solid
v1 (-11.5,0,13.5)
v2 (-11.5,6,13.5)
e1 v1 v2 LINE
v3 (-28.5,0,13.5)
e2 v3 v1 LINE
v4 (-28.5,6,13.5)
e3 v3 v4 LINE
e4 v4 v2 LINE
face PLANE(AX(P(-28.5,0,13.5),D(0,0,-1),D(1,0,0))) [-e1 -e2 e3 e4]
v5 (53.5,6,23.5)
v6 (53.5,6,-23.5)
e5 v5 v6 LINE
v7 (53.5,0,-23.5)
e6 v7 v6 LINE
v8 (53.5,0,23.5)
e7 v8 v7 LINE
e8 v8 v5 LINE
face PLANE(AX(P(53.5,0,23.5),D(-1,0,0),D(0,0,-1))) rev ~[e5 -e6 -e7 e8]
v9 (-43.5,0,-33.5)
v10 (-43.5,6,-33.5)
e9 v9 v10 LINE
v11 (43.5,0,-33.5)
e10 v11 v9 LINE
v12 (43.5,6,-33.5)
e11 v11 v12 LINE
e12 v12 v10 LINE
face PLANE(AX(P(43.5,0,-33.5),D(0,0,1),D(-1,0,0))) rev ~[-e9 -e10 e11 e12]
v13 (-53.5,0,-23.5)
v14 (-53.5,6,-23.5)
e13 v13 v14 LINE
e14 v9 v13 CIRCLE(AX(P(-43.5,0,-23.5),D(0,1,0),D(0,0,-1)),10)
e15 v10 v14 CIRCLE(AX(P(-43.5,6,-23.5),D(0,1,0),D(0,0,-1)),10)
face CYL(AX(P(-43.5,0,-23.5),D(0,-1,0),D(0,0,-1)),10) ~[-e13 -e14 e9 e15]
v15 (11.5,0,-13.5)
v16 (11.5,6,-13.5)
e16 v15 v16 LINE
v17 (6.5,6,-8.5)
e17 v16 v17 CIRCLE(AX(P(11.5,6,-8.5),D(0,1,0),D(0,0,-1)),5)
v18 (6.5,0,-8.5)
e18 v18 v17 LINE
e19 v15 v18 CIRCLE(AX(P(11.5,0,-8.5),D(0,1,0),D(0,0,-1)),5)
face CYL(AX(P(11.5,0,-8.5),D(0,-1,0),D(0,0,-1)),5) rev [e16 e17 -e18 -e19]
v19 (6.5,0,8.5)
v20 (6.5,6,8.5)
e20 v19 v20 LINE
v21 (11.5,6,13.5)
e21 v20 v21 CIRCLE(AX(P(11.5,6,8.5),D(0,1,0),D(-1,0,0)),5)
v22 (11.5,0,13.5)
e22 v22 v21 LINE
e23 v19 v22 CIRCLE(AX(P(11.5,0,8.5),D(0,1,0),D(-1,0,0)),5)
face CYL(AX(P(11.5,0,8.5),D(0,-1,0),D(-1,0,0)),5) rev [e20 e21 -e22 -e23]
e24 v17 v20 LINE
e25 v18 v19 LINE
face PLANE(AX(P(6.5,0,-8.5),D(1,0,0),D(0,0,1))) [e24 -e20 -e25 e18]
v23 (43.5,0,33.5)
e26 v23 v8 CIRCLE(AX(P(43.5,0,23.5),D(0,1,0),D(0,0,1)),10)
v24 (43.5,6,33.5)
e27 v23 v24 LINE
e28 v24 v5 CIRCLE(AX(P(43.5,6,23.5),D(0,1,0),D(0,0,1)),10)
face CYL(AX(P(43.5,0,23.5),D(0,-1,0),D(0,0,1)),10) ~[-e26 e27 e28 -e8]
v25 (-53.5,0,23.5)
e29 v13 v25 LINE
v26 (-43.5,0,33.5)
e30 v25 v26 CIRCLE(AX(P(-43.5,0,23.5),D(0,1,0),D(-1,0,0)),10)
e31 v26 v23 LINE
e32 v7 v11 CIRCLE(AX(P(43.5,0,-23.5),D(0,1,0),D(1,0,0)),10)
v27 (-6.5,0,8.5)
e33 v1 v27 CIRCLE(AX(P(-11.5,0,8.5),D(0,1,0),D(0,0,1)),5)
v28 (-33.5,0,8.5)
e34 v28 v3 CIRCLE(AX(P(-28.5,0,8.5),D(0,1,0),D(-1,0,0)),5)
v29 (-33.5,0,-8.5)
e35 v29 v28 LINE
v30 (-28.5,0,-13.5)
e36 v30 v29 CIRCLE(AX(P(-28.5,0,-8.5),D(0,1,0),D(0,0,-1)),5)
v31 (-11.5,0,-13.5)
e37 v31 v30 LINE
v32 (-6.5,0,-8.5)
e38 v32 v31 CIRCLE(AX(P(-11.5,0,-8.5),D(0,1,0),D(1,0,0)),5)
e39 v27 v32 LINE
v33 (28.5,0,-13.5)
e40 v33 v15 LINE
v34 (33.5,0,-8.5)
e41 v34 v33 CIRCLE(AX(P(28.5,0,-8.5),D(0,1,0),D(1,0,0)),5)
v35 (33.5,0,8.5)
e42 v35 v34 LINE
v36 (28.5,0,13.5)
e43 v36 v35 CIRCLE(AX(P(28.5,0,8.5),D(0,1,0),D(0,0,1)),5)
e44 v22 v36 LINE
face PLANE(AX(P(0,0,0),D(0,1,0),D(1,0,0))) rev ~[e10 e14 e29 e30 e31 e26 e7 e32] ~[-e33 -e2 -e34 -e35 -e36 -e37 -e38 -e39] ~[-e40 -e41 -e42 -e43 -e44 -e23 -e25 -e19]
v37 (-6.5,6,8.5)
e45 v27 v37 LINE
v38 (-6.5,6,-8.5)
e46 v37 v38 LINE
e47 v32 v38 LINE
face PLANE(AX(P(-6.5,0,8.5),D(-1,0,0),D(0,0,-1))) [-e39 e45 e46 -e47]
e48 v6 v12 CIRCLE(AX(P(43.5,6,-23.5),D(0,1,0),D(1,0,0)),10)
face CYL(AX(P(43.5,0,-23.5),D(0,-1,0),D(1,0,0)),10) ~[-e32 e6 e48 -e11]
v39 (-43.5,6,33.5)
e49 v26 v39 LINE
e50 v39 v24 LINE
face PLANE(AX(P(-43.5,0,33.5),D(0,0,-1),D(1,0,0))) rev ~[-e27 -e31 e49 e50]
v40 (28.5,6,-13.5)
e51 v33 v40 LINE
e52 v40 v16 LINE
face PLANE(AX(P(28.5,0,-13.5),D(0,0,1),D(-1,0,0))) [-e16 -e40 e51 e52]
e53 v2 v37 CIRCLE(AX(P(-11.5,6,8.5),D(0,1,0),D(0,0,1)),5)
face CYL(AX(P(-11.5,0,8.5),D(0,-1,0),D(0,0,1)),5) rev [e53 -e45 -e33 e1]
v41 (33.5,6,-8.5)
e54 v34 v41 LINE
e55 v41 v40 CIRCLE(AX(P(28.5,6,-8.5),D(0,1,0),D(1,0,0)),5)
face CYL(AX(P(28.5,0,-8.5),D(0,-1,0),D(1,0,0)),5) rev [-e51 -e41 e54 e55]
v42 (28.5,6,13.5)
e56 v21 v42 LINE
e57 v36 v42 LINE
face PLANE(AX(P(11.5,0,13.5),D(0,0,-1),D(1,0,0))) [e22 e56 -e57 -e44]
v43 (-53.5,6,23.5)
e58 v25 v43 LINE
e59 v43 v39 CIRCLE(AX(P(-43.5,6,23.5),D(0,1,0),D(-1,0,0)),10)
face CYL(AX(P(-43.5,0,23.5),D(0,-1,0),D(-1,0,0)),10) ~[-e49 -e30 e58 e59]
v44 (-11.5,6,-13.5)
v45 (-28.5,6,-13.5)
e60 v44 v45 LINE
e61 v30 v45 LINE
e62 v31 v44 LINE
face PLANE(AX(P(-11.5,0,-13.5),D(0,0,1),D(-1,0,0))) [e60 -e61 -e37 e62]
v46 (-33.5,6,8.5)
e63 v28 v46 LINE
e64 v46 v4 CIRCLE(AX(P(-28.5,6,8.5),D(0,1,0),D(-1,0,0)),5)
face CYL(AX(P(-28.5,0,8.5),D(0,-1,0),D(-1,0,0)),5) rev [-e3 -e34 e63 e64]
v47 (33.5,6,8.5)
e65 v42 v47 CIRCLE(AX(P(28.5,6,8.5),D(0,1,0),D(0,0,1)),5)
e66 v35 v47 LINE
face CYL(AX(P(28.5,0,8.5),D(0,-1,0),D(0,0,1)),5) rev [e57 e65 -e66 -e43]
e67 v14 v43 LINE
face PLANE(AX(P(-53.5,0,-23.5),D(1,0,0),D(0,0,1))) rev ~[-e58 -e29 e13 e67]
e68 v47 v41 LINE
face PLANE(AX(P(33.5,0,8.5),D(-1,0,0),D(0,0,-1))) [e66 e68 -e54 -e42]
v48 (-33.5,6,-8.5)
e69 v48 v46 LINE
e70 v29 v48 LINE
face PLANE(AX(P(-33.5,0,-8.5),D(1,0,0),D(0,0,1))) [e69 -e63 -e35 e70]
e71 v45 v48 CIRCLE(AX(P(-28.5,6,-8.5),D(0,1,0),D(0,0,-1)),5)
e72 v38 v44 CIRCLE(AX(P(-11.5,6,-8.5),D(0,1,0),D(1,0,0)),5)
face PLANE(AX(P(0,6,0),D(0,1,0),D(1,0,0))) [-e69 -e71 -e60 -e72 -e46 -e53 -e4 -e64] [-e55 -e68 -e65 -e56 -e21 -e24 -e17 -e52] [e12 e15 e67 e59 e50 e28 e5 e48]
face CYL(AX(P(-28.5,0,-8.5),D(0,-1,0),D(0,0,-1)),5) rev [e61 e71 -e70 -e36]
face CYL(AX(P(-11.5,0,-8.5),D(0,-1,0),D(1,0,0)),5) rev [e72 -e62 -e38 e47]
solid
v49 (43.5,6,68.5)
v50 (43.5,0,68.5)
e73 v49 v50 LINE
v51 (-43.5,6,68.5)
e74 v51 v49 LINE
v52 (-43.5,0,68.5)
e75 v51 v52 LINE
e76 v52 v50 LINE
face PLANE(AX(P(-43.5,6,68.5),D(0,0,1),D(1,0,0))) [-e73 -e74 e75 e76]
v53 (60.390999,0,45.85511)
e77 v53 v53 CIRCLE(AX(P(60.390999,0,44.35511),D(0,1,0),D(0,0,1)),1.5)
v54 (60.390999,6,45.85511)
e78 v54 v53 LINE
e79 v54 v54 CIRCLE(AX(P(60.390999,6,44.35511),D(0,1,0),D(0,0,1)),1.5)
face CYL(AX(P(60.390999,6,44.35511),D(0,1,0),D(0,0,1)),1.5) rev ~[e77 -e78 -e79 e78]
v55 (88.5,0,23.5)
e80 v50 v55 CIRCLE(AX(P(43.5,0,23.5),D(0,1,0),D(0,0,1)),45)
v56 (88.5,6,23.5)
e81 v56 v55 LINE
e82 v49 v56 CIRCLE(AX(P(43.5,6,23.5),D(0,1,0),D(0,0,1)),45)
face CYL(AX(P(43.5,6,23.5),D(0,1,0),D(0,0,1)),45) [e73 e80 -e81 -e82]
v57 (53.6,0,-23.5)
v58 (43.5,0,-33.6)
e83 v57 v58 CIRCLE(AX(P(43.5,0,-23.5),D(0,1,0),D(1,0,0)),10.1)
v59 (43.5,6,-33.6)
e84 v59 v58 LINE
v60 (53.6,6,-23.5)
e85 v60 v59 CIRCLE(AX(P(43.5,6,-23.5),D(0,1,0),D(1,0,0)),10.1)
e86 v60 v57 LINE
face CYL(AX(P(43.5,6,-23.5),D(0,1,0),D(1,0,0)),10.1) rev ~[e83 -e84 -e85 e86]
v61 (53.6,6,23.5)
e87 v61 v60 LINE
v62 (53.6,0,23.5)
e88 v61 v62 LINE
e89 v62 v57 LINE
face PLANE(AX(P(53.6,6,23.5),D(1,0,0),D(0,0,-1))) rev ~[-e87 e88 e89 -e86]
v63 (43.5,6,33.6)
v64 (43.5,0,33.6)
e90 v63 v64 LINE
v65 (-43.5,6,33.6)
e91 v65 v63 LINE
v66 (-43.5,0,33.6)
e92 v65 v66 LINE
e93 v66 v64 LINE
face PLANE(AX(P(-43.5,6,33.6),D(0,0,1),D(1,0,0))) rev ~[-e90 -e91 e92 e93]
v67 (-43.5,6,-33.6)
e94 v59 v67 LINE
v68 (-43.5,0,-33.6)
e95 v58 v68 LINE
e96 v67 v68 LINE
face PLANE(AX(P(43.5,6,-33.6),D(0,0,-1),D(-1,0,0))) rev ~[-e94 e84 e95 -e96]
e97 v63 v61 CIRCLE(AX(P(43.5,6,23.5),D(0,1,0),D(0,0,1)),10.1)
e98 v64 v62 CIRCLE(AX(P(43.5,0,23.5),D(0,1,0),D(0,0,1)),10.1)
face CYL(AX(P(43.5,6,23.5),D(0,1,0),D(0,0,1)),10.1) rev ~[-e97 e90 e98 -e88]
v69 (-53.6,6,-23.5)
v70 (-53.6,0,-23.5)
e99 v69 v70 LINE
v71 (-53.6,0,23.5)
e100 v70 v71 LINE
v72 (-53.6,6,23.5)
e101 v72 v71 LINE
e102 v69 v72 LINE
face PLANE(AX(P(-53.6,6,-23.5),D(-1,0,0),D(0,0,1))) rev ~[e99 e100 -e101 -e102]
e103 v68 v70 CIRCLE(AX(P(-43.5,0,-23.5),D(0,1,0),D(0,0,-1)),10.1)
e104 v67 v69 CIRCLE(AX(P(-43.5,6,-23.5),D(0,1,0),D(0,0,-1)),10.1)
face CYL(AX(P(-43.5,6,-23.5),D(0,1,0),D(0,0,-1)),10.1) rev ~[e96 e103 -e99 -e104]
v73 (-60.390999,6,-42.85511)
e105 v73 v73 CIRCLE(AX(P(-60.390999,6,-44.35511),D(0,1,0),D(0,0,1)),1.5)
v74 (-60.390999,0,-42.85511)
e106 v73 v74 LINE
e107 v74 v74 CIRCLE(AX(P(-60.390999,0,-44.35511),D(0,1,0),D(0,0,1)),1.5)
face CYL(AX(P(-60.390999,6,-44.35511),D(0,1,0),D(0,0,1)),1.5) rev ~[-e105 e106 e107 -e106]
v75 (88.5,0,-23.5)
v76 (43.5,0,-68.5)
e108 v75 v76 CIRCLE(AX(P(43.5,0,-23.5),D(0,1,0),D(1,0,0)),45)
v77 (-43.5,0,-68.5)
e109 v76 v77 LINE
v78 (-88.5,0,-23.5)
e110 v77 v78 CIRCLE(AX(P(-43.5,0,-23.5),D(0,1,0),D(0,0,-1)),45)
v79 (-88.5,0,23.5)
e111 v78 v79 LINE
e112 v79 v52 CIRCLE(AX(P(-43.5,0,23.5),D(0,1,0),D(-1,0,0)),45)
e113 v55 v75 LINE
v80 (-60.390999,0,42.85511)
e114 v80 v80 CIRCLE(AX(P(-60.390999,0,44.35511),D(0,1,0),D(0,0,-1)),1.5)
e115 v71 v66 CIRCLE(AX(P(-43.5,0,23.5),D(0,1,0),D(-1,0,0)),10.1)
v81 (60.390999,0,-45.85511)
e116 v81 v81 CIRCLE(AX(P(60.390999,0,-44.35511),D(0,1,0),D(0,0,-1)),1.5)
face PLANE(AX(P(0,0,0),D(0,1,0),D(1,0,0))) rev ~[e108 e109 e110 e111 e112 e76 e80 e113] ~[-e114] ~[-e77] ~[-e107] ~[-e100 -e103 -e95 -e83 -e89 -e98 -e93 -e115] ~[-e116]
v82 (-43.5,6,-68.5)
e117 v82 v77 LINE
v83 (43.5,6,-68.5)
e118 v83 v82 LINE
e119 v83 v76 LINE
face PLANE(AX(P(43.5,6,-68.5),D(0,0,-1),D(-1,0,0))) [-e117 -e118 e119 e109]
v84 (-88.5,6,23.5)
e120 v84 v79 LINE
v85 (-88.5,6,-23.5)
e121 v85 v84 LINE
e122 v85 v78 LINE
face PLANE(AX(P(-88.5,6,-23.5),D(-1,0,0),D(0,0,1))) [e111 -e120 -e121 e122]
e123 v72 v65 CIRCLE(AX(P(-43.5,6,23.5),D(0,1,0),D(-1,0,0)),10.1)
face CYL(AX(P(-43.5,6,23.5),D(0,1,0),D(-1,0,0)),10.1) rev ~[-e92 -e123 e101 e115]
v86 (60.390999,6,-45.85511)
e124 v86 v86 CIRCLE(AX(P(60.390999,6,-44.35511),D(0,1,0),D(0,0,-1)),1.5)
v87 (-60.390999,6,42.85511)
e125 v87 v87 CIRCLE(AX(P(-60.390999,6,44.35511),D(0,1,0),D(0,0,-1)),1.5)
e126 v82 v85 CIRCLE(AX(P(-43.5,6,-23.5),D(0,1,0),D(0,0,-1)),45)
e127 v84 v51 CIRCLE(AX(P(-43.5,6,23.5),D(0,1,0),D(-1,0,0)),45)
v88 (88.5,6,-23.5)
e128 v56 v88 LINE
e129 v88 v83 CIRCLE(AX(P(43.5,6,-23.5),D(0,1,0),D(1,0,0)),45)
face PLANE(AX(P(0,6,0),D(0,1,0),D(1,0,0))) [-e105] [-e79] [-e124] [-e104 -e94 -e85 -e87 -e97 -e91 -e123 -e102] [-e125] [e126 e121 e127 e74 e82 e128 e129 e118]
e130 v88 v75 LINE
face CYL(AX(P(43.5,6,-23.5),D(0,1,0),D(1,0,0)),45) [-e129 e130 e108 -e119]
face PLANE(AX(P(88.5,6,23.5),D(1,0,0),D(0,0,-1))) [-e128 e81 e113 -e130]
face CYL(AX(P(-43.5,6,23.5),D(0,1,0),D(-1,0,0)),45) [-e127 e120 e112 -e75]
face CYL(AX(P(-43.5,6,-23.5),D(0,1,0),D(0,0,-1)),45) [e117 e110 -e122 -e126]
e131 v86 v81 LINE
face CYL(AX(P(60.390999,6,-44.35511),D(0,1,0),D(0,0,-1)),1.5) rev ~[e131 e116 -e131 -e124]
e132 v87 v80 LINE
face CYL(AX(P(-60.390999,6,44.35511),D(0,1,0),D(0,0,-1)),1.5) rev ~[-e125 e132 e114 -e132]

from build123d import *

# Parameters (mm, degrees)
BOSS_EXTRUDE1_DEPTH = 6
SKETCH2_R           = 1.5
BOSS_EXTRUDE2_DEPTH = 6


with BuildPart() as part:
    # Sketch1 → Boss-Extrude1 (new body)
    with BuildSketch(Plane(origin=(0, 0, 0), x_dir=(1, 0, 0), z_dir=(0, 1, 0))):
        with BuildLine():
            Line((-43.5, -33.5), (43.5, -33.5))
            ThreePointArc((43.5, -33.5), (50.571067812, -30.571067812), (53.5, -23.5))
            Line((53.5, -23.5), (53.5, 23.5))
            ThreePointArc((53.5, 23.5), (50.571067812, 30.571067812), (43.5, 33.5))
            Line((43.5, 33.5), (-43.5, 33.5))
            ThreePointArc((-43.5, 33.5), (-50.571067812, 30.571067812), (-53.5, 23.5))
            Line((-53.5, 23.5), (-53.5, -23.5))
            ThreePointArc((-53.5, -23.5), (-50.571067812, -30.571067812), (-43.5, -33.5))
        make_face()
        with BuildLine():
            Line((-28.5, -13.5), (-11.5, -13.5))
            ThreePointArc((-11.5, -13.5), (-7.964466094, -12.035533906), (-6.5, -8.5))
            Line((-6.5, -8.5), (-6.5, 8.5))
            ThreePointArc((-6.5, 8.5), (-7.964466094, 12.035533906), (-11.5, 13.5))
            Line((-11.5, 13.5), (-28.5, 13.5))
            ThreePointArc((-28.5, 13.5), (-32.035533906, 12.035533906), (-33.5, 8.5))
            Line((-33.5, 8.5), (-33.5, -8.5))
            ThreePointArc((-33.5, -8.5), (-32.035533906, -12.035533906), (-28.5, -13.5))
        make_face(mode=Mode.SUBTRACT)
        with BuildLine():
            Line((11.5, -13.5), (28.5, -13.5))
            ThreePointArc((28.5, -13.5), (32.035533906, -12.035533906), (33.5, -8.5))
            Line((33.5, -8.5), (33.5, 8.5))
            ThreePointArc((33.5, 8.5), (32.035533906, 12.035533906), (28.5, 13.5))
            Line((28.5, 13.5), (11.5, 13.5))
            ThreePointArc((11.5, 13.5), (7.964466094, 12.035533906), (6.5, 8.5))
            Line((6.5, 8.5), (6.5, -8.5))
            ThreePointArc((6.5, -8.5), (7.964466094, -12.035533906), (11.5, -13.5))
        make_face(mode=Mode.SUBTRACT)
    extrude(amount=BOSS_EXTRUDE1_DEPTH)


with BuildPart() as body_2:
    # Sketch2 → Boss-Extrude2 (new body)
    with BuildSketch(Plane(origin=(0, 6, 0), x_dir=(1, 0, 0), z_dir=(0, 1, 0))):
        with BuildLine():
            Line((-43.5, -68.5), (43.5, -68.5))
            ThreePointArc((43.5, -68.5), (75.319805153, -55.319805153), (88.5, -23.5))
            Line((88.5, -23.5), (88.5, 23.5))
            ThreePointArc((88.5, 23.5), (75.319805153, 55.319805153), (43.5, 68.5))
            Line((43.5, 68.5), (-43.5, 68.5))
            ThreePointArc((-43.5, 68.5), (-75.319805153, 55.319805153), (-88.5, 23.5))
            Line((-88.5, 23.5), (-88.5, -23.5))
            ThreePointArc((-88.5, -23.5), (-75.319805153, -55.319805153), (-43.5, -68.5))
        make_face()
        with Locations(Location((-60.390998648, 44.355110471, 0), (0, 0, 270))):
            Circle(SKETCH2_R, mode=Mode.SUBTRACT)
        with Locations(Location((60.390998648, 44.355110471, 0), (0, 0, 90))):
            Circle(SKETCH2_R, mode=Mode.SUBTRACT)
        with Locations(Location((-60.390998648, -44.355110471, 0), (0, 0, 90))):
            Circle(SKETCH2_R, mode=Mode.SUBTRACT)
        with Locations(Location((60.390998648, -44.355110471, 0), (0, 0, 270))):
            Circle(SKETCH2_R, mode=Mode.SUBTRACT)
        with BuildLine():
            Line((-43.5, -33.6), (43.5, -33.6))
            ThreePointArc((43.5, -33.6), (50.64177849, -30.64177849), (53.6, -23.5))
            Line((53.6, -23.5), (53.6, 23.5))
            ThreePointArc((53.6, 23.5), (50.64177849, 30.64177849), (43.5, 33.6))
            Line((43.5, 33.6), (-43.5, 33.6))
            ThreePointArc((-43.5, 33.6), (-50.64177849, 30.64177849), (-53.6, 23.5))
            Line((-53.6, 23.5), (-53.6, -23.5))
            ThreePointArc((-53.6, -23.5), (-50.64177849, -30.64177849), (-43.5, -33.6))
        make_face(mode=Mode.SUBTRACT)
    extrude(amount=-BOSS_EXTRUDE2_DEPTH)


solid = Compound([part.part, body_2.part])
